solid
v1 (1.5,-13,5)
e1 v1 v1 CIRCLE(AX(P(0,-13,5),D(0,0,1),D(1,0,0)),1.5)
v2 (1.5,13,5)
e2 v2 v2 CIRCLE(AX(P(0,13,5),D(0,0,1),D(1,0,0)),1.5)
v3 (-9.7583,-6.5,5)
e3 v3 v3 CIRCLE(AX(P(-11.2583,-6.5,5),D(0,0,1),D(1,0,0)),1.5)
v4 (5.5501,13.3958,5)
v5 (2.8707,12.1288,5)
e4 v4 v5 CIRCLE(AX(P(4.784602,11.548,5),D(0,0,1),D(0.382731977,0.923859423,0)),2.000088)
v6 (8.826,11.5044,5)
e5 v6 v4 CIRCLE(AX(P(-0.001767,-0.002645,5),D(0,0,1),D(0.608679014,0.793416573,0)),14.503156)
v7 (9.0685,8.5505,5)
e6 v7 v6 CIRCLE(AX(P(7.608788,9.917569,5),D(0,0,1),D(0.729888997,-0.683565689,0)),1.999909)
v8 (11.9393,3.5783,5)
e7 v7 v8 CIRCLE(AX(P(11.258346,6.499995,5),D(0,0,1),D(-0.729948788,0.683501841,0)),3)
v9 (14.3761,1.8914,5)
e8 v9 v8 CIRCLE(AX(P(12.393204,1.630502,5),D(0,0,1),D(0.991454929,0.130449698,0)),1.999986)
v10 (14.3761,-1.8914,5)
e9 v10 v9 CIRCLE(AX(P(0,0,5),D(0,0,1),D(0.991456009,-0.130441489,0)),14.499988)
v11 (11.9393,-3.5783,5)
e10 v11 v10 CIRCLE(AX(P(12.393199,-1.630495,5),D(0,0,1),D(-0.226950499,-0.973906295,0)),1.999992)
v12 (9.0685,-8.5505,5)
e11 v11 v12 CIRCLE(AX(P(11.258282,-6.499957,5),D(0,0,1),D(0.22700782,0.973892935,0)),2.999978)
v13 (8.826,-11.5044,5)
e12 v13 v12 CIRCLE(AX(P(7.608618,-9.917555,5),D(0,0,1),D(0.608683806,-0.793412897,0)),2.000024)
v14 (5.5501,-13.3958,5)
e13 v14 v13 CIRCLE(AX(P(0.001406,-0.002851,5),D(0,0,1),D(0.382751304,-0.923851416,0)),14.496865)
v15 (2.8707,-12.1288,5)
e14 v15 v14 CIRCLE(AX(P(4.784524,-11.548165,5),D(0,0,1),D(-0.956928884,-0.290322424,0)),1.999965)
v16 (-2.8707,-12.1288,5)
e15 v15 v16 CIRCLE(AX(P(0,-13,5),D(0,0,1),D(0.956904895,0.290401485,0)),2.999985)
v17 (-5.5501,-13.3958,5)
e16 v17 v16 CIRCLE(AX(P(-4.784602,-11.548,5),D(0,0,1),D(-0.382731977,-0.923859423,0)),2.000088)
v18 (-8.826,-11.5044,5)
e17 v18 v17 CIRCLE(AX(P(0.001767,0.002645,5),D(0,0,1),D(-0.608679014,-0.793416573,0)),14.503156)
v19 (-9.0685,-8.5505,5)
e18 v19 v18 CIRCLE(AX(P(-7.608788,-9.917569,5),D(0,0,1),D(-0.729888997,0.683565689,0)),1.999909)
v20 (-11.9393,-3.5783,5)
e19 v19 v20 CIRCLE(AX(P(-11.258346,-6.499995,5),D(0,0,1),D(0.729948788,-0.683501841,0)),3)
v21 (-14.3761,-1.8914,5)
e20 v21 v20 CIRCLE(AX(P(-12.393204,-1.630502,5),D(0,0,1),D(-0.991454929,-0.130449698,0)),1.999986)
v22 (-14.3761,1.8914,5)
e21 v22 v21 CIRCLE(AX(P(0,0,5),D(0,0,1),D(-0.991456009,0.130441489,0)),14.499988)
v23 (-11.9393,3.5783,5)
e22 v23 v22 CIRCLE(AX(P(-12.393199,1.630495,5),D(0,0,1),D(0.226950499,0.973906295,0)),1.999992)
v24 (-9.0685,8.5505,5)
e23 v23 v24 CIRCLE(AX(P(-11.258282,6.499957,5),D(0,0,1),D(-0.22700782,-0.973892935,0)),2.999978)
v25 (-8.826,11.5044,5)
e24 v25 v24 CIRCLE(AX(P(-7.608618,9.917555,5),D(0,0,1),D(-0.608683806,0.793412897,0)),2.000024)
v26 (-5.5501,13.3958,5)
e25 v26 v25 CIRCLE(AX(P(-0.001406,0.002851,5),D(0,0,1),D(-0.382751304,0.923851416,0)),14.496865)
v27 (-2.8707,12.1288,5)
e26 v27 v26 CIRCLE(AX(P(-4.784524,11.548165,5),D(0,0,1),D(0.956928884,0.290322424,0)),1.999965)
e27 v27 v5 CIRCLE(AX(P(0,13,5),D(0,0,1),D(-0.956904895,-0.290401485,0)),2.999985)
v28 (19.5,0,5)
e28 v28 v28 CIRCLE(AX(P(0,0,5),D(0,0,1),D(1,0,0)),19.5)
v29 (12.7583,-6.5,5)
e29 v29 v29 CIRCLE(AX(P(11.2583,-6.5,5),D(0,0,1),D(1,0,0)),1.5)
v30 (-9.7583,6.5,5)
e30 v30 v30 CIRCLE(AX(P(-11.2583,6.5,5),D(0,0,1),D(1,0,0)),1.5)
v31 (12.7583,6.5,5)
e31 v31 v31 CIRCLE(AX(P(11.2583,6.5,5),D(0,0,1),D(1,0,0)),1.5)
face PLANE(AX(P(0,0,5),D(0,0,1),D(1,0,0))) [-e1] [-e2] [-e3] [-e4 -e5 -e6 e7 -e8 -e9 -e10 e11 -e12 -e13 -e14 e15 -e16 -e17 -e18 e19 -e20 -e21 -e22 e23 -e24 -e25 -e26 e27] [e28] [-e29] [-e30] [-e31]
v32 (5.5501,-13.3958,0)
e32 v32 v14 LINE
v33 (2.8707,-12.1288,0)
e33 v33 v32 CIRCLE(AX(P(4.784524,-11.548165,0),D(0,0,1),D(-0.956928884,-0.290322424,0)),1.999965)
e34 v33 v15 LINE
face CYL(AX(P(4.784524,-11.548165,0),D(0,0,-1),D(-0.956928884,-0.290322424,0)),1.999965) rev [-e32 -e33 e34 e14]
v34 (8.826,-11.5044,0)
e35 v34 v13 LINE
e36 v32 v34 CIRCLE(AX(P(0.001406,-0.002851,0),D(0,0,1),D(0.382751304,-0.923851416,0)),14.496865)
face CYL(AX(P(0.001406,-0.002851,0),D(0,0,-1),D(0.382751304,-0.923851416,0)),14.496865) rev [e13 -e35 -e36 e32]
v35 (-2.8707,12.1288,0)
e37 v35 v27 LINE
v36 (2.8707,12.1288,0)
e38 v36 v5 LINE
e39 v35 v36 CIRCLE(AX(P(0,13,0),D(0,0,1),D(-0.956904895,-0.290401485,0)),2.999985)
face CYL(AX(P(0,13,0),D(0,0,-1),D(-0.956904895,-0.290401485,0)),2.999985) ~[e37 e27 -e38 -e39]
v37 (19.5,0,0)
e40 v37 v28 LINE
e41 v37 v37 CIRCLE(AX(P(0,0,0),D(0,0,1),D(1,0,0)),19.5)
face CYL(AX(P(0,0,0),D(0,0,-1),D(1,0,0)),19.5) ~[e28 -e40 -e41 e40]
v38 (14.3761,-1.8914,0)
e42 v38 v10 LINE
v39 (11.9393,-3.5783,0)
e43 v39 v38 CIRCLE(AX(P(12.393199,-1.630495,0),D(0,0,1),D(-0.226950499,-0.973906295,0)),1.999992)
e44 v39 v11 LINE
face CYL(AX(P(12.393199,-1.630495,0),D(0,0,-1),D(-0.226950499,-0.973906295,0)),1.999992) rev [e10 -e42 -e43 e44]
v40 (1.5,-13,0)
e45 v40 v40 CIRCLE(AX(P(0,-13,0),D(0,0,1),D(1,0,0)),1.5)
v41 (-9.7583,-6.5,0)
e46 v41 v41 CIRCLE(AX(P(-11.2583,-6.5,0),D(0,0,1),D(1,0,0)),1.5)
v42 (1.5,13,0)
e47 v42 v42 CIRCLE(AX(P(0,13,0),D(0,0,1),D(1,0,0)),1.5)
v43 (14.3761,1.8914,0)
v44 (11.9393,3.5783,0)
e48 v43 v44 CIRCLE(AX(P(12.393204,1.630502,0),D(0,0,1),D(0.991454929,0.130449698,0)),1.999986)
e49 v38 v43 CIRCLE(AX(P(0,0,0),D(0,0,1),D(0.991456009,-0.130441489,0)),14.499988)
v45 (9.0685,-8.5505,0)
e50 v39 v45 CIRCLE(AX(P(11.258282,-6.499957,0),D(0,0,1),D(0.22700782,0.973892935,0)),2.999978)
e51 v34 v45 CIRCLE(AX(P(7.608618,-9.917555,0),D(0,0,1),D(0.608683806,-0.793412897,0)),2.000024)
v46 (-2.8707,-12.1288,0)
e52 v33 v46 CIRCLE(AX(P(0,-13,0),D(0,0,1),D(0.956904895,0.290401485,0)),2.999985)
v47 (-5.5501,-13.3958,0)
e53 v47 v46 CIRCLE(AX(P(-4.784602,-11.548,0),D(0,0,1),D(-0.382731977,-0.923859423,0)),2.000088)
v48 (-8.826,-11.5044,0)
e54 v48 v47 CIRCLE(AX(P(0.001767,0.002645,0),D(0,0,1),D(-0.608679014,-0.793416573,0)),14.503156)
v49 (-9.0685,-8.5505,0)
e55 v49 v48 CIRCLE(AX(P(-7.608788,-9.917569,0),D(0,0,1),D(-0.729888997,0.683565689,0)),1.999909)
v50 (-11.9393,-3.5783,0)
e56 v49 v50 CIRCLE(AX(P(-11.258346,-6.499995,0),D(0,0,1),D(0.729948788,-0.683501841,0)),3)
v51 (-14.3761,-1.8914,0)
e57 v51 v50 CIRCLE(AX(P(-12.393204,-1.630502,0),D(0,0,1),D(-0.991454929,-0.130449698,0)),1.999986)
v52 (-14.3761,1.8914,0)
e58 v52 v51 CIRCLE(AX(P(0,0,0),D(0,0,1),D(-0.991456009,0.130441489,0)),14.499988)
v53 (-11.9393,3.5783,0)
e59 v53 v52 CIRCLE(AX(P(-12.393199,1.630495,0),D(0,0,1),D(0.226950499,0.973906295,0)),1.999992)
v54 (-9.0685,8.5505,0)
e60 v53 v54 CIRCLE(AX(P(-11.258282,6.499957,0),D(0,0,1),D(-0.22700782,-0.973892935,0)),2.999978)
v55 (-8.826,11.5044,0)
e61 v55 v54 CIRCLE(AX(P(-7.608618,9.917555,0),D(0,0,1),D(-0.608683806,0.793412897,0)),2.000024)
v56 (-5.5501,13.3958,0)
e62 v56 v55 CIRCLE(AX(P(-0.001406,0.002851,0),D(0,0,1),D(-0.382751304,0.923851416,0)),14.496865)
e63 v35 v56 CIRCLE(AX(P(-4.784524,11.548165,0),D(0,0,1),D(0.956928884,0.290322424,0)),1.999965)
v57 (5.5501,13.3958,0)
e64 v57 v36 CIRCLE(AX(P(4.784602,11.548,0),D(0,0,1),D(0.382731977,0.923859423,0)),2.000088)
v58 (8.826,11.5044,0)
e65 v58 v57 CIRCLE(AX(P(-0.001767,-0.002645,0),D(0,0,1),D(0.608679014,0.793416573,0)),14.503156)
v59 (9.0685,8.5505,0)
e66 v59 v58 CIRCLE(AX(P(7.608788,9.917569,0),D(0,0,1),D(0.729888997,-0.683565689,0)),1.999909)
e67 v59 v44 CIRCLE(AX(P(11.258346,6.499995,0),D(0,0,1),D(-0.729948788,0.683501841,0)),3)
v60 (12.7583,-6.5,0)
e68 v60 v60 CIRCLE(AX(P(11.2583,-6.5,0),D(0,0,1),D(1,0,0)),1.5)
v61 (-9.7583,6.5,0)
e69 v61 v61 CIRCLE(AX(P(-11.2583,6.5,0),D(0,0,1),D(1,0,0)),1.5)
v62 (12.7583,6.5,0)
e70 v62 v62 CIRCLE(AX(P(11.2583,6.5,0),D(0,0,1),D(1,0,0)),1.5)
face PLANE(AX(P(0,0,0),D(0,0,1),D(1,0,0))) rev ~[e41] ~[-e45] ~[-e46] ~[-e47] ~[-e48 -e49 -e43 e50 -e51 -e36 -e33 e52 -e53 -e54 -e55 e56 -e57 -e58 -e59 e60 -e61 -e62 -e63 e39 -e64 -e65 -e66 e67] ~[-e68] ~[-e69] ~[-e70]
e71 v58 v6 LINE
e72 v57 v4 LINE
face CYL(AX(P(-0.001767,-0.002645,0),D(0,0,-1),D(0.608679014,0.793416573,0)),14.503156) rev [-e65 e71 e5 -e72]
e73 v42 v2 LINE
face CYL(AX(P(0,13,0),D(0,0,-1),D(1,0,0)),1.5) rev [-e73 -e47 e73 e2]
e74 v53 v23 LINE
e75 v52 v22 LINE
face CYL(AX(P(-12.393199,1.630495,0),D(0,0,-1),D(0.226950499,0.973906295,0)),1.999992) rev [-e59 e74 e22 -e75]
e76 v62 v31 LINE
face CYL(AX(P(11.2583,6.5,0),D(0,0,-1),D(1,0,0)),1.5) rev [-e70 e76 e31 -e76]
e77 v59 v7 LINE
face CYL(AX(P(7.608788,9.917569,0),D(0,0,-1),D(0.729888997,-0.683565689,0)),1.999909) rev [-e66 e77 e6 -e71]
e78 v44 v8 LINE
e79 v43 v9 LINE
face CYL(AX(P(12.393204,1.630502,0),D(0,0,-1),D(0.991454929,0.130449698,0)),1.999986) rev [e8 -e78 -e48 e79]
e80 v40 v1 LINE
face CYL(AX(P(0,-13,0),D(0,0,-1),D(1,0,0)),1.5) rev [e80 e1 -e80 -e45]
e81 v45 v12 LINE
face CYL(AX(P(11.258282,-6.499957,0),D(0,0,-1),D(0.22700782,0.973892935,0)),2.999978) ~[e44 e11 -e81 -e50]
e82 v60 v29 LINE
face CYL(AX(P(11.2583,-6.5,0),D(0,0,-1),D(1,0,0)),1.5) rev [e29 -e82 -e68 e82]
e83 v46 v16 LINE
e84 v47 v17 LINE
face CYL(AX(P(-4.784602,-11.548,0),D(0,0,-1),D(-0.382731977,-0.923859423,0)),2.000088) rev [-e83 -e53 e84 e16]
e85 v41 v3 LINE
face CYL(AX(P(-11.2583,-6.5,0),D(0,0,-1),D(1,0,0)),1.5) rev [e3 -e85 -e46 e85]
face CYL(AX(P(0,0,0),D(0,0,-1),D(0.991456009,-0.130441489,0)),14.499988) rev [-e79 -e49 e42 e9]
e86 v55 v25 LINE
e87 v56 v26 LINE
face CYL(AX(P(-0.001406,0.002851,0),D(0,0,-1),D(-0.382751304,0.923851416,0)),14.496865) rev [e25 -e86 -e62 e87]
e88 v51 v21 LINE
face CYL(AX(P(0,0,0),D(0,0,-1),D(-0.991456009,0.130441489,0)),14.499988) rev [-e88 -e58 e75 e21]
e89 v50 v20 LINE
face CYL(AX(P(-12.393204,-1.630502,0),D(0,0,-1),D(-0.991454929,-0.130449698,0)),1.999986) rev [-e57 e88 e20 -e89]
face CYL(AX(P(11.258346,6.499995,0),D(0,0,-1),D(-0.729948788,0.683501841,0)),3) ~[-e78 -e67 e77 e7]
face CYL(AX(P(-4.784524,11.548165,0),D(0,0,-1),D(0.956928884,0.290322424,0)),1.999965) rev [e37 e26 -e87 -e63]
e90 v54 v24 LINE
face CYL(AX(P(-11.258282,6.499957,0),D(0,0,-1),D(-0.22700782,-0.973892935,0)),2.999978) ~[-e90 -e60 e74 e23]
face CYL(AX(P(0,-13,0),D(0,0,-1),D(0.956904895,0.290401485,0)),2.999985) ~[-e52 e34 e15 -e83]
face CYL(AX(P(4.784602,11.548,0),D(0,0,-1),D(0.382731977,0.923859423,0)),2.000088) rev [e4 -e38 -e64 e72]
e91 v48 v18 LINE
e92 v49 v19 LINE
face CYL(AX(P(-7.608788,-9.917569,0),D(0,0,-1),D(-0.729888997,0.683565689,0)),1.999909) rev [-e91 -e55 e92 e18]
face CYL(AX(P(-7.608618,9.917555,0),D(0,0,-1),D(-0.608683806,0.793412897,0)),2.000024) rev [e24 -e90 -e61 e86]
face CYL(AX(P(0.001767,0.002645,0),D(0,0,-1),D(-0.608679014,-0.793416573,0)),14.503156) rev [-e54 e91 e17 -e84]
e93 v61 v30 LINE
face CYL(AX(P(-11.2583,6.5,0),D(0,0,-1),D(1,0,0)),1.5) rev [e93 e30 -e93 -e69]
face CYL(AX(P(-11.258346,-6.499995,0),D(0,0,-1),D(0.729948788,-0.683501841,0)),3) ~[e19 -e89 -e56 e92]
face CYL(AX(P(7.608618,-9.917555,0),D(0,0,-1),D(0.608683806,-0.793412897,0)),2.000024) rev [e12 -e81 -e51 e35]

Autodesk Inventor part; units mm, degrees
ref_plane "YZ Plane" through (0, 0, 0) normal (1, 0, 0) x (0, 1, 0)
ref_plane "XZ Plane" through (0, 0, 0) normal (0, 1, 0) x (-1, 0, 0)
ref_plane "XY Plane" through (0, 0, 0) normal (0, 0, 1) x (1, 0, 0)
sketch "Skizze1" plane through (0, 0, 0) normal (0, 0, 1) x (1, 0, 0)
  circle A0 centre (-11.2583, 6.5) radius 1.5 projected
  circle A1 centre (-11.2583, -6.5) radius 1.5 projected
  circle A2 centre (0, -13) radius 1.5 projected
  circle A3 centre (11.2583, -6.5) radius 1.5 projected
  circle A4 centre (11.2583, 6.5) radius 1.5 projected
  circle A5 centre (0, 13) radius 1.5 projected
  arc A6 (14.3761, 1.8914) -> (11.9393, 3.5783) centre (12.3932, 1.6305) ccw projected
  arc A7 (14.3761, -1.8914) -> (14.3761, 1.8914) centre (0, 0) ccw projected
  arc A8 (11.9393, -3.5783) -> (14.3761, -1.8914) centre (12.3932, -1.6305) ccw projected
  arc A9 (11.9393, -3.5783) -> (9.0685, -8.5505) centre (11.2583, -6.5) ccw projected
  arc A10 (8.826, -11.5044) -> (9.0685, -8.5505) centre (7.6087, -9.9176) ccw projected
  arc A11 (5.5501, -13.3958) -> (8.826, -11.5044) centre (0, 0) ccw projected
  arc A12 (2.8707, -12.1288) -> (5.5501, -13.3958) centre (4.7846, -11.5481) ccw projected
  arc A13 (2.8707, -12.1288) -> (-2.8707, -12.1288) centre (0, -13) ccw projected
  arc A14 (-5.5501, -13.3958) -> (-2.8707, -12.1288) centre (-4.7846, -11.5481) ccw projected
  arc A15 (-8.826, -11.5044) -> (-5.5501, -13.3958) centre (0, 0) ccw projected
  arc A16 (-9.0685, -8.5505) -> (-8.826, -11.5044) centre (-7.6087, -9.9176) ccw projected
  arc A17 (-9.0685, -8.5505) -> (-11.9393, -3.5783) centre (-11.2583, -6.5) ccw projected
  arc A18 (-14.3761, -1.8914) -> (-11.9393, -3.5783) centre (-12.3932, -1.6305) ccw projected
  arc A19 (-14.3761, 1.8914) -> (-14.3761, -1.8914) centre (0, 0) ccw projected
  arc A20 (-11.9393, 3.5783) -> (-14.3761, 1.8914) centre (-12.3932, 1.6305) ccw projected
  arc A21 (-11.9393, 3.5783) -> (-9.0685, 8.5505) centre (-11.2583, 6.5) ccw projected
  arc A22 (-8.826, 11.5044) -> (-9.0685, 8.5505) centre (-7.6087, 9.9176) ccw projected
  arc A23 (-5.5501, 13.3958) -> (-8.826, 11.5044) centre (0, 0) ccw projected
  arc A24 (-2.8707, 12.1288) -> (-5.5501, 13.3958) centre (-4.7846, 11.5481) ccw projected
  arc A25 (-2.8707, 12.1288) -> (2.8707, 12.1288) centre (0, 13) ccw projected
  arc A26 (5.5501, 13.3958) -> (2.8707, 12.1288) centre (4.7846, 11.5481) ccw projected
  arc A27 (8.826, 11.5044) -> (5.5501, 13.3958) centre (0, 0) ccw projected
  arc A28 (9.0685, 8.5505) -> (8.826, 11.5044) centre (7.6087, 9.9176) ccw projected
  arc A29 (9.0685, 8.5505) -> (11.9393, 3.5783) centre (11.2583, 6.5) ccw projected
  circle A30 centre (0, 0) radius 17.5 projected
  circle A31 centre (0, 0) radius 19.5
  point P0 (0, 0)
  dimension "d0" = 39
extrude "Extrusion1" add sketch "Skizze1" along normal blind 5 contours A30 | A31
properties part number "GripperMountPlate" material "ABS-Kunststoff"
